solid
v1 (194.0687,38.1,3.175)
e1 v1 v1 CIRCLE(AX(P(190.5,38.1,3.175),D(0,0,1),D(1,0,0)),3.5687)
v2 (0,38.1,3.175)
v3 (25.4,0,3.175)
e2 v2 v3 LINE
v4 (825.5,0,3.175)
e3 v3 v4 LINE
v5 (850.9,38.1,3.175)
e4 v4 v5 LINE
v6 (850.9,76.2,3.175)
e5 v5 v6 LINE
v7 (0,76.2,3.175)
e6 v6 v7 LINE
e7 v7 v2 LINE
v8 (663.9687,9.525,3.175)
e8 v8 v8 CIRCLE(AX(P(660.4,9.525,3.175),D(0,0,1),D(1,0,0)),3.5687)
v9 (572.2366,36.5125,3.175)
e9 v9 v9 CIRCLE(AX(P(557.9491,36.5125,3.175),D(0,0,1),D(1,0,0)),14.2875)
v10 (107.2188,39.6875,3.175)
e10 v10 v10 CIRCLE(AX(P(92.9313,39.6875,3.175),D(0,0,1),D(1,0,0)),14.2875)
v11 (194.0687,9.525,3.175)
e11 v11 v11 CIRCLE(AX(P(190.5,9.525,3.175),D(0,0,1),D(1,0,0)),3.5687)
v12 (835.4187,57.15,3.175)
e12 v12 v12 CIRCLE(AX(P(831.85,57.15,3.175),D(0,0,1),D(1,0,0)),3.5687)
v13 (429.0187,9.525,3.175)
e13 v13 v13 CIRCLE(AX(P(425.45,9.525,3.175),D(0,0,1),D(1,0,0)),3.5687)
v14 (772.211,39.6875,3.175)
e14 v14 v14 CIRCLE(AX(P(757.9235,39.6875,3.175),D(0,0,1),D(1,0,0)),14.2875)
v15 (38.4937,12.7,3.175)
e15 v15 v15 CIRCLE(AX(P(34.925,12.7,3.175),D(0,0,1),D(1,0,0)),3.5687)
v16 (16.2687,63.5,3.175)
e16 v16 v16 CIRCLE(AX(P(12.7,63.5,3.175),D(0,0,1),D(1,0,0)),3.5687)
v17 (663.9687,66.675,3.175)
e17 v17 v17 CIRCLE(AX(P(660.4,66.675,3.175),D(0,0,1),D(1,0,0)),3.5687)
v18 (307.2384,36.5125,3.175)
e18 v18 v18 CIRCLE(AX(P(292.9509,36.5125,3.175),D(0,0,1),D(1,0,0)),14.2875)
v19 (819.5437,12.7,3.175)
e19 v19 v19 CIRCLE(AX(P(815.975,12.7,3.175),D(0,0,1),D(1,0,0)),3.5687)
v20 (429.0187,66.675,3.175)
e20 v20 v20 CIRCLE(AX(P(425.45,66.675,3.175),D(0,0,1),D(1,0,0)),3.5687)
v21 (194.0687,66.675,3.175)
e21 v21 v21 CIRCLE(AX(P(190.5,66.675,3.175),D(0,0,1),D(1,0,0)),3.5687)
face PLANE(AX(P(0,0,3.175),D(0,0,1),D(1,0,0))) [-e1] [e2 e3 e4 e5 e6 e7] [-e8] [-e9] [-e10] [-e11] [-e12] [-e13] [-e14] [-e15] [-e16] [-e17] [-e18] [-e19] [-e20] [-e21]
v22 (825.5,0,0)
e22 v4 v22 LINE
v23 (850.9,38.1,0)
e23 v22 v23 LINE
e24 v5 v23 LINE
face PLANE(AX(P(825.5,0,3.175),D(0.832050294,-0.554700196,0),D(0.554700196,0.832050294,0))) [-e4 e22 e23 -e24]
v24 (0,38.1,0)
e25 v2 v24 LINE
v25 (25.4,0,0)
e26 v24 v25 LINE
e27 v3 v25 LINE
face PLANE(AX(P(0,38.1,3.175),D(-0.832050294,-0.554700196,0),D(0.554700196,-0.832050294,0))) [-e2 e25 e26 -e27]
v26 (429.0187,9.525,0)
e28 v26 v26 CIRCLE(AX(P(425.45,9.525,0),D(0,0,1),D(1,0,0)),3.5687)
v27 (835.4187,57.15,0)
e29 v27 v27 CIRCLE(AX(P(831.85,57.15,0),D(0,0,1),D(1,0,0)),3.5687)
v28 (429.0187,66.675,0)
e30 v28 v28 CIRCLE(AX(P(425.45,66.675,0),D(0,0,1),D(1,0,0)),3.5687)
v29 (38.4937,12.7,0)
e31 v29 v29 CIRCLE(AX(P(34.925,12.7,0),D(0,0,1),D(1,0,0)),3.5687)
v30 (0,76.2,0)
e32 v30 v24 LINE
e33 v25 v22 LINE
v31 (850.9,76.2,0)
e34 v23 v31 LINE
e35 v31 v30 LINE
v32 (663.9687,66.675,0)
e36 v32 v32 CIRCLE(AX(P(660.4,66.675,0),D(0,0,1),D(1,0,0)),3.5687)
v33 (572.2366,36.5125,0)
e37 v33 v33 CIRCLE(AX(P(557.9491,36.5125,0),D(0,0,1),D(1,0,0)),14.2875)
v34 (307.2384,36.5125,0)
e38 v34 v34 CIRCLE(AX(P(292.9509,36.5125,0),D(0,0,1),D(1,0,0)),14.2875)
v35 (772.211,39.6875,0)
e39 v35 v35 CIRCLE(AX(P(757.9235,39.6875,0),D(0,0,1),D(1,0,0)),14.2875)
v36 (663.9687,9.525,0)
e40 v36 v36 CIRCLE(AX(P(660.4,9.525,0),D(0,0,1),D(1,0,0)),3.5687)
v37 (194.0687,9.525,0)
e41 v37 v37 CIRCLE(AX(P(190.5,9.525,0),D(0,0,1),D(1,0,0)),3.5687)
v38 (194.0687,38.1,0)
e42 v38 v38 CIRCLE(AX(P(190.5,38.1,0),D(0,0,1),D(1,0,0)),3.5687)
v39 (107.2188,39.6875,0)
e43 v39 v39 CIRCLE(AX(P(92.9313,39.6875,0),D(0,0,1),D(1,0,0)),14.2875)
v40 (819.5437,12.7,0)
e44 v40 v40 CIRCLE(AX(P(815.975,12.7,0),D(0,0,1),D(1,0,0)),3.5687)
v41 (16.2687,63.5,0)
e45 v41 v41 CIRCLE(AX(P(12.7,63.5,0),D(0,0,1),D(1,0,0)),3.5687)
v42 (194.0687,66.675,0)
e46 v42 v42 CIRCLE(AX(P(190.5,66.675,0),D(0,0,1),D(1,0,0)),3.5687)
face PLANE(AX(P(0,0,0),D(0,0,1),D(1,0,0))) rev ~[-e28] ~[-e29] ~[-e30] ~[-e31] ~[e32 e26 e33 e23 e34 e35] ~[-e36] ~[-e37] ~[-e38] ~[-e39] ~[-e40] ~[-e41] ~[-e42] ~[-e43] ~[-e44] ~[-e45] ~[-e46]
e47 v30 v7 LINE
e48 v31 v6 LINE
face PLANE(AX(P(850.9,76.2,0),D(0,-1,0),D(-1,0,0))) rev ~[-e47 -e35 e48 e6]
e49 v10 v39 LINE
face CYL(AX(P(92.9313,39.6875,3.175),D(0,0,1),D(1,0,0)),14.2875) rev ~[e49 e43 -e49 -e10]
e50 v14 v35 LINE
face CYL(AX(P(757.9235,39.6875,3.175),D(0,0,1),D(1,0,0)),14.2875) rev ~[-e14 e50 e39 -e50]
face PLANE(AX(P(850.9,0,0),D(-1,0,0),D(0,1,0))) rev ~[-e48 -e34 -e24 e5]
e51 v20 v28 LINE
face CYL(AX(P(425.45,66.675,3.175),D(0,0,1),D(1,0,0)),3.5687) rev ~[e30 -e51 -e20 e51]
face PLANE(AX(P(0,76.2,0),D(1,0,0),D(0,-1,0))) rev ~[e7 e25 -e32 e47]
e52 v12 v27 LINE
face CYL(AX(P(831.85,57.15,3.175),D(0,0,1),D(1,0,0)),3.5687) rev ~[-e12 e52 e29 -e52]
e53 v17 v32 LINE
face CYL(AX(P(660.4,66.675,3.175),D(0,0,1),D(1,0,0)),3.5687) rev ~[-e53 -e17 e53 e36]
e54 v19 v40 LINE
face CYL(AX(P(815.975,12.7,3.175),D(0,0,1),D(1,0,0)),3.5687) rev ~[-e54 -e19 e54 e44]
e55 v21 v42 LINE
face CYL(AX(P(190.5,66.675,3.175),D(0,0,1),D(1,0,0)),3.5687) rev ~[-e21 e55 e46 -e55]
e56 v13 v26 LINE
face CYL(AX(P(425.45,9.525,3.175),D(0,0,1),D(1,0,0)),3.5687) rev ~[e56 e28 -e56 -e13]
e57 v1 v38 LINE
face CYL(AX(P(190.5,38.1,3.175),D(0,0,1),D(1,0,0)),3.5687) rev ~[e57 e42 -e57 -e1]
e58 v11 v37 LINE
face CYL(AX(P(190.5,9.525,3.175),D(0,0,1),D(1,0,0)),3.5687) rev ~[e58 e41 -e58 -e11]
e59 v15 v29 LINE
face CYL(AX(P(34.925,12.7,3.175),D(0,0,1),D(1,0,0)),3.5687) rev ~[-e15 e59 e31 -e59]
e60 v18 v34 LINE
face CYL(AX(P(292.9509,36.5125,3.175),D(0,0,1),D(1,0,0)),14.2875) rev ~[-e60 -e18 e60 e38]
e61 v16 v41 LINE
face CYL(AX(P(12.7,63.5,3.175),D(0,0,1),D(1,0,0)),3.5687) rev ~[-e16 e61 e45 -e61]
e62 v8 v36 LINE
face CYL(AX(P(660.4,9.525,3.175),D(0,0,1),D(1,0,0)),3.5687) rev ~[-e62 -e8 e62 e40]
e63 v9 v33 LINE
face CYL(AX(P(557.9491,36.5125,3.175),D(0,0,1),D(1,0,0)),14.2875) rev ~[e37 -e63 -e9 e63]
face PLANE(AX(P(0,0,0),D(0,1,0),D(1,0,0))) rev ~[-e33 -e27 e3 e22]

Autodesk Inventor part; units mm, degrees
ref_plane "YZ Plane" through (0, 0, 0) normal (1, 0, 0) x (0, 1, 0)
ref_plane "XZ Plane" through (0, 0, 0) normal (0, 1, 0) x (-1, 0, 0)
ref_plane "XY Plane" through (0, 0, 0) normal (0, 0, 1) x (1, 0, 0)
sketch "Sketch1" plane through (0, 0, 0) normal (0, 0, 1) x (1, 0, 0)
  line L0 (0, 0) -> (850.9, 0)
  line L1 (850.9, 0) -> (850.9, 76.2)
  line L2 (850.9, 76.2) -> (0, 76.2)
  line L3 (0, 76.2) -> (0, 0)
  dimension "d0" = 850.9
  dimension "d1" = 76.2
extrude "Extrusion1" add sketch "Sketch1" along normal blind 3.175
sketch "Sketch2" plane through (0, 0, 3.175) normal (0, 0, 1) x (1, 0, 0)
  line L0 (0, 0) -> (850.9, 0) projected
  circle A0 centre (292.9509, 36.5125) radius 14.2875
  circle A1 centre (557.9491, 36.5125) radius 14.2875
  circle A2 centre (92.9313, 39.6875) radius 14.2875
  circle A3 centre (757.9235, 39.6875) radius 14.2875
  line L1 (0, 0) -> (25.4, 0)
  line L2 (0, 0) -> (0, 38.1)
  line L3 (0, 76.2) -> (0, 0) projected
  line L4 (0, 38.1) -> (25.4, 0)
  circle A4 centre (34.925, 12.7) radius 3.5687
  circle A5 centre (12.7, 63.5) radius 3.5687
  line L5 (850.9, 76.2) -> (0, 76.2) projected
  line L6 (850.9, 0) -> (850.9, 38.1)
  line L7 (850.9, 0) -> (850.9, 76.2) projected
  line L8 (850.9, 0) -> (825.5, 0)
  line L9 (825.5, 0) -> (850.9, 38.1)
  circle A6 centre (190.5, 38.1) radius 3.5687
  line L10 (825.5, 0) -> (800.1, 0)
  circle A7 centre (815.975, 12.7) radius 3.5687
  circle A8 centre (831.85, 57.15) radius 3.5687
  circle A9 centre (425.45, 66.675) radius 3.5687
  circle A10 centre (425.45, 9.525) radius 3.5687
  circle A11 centre (190.5, 9.525) radius 3.5687
  circle A12 centre (190.5, 66.675) radius 3.5687
  circle A13 centre (660.4, 66.675) radius 3.5687
  circle A14 centre (660.4, 9.525) radius 3.5687
  dimension "d10" = 28.575
  dimension "d23" = 28.575
  dimension "d30" = 28.575
  dimension "d32" = 28.575
  dimension "d34" = 25.4
  dimension "d35" = 38.1
  dimension "d36" = 7.1374
  dimension "d37" = 12.7
  dimension "d38" = 9.525
  dimension "d40" = 7.1374
  dimension "d41" = 12.7
  dimension "d43" = 38.1
  dimension "d44" = 25.4
  dimension "d53" = 7.1374
  dimension "d54" = 38.1
  dimension "d55" = 190.5
  dimension "d59" = 7.1374
  dimension "d60" = 12.7
  dimension "d61" = 9.525
  dimension "d66" = 7.1374
  dimension "d67" = 7.1374
  dimension "d68" = 9.525
  dimension "d69" = 425.45
  dimension "d70" = 7.1374
  dimension "d71" = 9.525
  dimension "d72" = 425.45
  dimension "d73" = 7.1374
  dimension "d74" = 7.1374
  dimension "d75" = 9.525
  dimension "d76" = 9.525
  dimension "d77" = 190.5
  dimension "d78" = 190.5
  dimension "d79" = 7.1374
  dimension "d80" = 7.1374
  dimension "d81" = 9.525
  dimension "d82" = 9.525
  dimension "d83" = 190.5
  dimension "d84" = 190.5
  dimension "d88" = 12.7
  dimension "d91" = 264.9982
extrude "Extrusion3" cut sketch "Sketch2" against normal blind 25.4 contours L2 L4 L0 | L9 L6 L0 | A0 | A1 | A2 | A3 | A4 | A5 | A6 | A7 | A8 | A9 | A10 | A11 | A12 | A13 | A14
properties part number "OutsidePlate" material "Aluminum 6061"
